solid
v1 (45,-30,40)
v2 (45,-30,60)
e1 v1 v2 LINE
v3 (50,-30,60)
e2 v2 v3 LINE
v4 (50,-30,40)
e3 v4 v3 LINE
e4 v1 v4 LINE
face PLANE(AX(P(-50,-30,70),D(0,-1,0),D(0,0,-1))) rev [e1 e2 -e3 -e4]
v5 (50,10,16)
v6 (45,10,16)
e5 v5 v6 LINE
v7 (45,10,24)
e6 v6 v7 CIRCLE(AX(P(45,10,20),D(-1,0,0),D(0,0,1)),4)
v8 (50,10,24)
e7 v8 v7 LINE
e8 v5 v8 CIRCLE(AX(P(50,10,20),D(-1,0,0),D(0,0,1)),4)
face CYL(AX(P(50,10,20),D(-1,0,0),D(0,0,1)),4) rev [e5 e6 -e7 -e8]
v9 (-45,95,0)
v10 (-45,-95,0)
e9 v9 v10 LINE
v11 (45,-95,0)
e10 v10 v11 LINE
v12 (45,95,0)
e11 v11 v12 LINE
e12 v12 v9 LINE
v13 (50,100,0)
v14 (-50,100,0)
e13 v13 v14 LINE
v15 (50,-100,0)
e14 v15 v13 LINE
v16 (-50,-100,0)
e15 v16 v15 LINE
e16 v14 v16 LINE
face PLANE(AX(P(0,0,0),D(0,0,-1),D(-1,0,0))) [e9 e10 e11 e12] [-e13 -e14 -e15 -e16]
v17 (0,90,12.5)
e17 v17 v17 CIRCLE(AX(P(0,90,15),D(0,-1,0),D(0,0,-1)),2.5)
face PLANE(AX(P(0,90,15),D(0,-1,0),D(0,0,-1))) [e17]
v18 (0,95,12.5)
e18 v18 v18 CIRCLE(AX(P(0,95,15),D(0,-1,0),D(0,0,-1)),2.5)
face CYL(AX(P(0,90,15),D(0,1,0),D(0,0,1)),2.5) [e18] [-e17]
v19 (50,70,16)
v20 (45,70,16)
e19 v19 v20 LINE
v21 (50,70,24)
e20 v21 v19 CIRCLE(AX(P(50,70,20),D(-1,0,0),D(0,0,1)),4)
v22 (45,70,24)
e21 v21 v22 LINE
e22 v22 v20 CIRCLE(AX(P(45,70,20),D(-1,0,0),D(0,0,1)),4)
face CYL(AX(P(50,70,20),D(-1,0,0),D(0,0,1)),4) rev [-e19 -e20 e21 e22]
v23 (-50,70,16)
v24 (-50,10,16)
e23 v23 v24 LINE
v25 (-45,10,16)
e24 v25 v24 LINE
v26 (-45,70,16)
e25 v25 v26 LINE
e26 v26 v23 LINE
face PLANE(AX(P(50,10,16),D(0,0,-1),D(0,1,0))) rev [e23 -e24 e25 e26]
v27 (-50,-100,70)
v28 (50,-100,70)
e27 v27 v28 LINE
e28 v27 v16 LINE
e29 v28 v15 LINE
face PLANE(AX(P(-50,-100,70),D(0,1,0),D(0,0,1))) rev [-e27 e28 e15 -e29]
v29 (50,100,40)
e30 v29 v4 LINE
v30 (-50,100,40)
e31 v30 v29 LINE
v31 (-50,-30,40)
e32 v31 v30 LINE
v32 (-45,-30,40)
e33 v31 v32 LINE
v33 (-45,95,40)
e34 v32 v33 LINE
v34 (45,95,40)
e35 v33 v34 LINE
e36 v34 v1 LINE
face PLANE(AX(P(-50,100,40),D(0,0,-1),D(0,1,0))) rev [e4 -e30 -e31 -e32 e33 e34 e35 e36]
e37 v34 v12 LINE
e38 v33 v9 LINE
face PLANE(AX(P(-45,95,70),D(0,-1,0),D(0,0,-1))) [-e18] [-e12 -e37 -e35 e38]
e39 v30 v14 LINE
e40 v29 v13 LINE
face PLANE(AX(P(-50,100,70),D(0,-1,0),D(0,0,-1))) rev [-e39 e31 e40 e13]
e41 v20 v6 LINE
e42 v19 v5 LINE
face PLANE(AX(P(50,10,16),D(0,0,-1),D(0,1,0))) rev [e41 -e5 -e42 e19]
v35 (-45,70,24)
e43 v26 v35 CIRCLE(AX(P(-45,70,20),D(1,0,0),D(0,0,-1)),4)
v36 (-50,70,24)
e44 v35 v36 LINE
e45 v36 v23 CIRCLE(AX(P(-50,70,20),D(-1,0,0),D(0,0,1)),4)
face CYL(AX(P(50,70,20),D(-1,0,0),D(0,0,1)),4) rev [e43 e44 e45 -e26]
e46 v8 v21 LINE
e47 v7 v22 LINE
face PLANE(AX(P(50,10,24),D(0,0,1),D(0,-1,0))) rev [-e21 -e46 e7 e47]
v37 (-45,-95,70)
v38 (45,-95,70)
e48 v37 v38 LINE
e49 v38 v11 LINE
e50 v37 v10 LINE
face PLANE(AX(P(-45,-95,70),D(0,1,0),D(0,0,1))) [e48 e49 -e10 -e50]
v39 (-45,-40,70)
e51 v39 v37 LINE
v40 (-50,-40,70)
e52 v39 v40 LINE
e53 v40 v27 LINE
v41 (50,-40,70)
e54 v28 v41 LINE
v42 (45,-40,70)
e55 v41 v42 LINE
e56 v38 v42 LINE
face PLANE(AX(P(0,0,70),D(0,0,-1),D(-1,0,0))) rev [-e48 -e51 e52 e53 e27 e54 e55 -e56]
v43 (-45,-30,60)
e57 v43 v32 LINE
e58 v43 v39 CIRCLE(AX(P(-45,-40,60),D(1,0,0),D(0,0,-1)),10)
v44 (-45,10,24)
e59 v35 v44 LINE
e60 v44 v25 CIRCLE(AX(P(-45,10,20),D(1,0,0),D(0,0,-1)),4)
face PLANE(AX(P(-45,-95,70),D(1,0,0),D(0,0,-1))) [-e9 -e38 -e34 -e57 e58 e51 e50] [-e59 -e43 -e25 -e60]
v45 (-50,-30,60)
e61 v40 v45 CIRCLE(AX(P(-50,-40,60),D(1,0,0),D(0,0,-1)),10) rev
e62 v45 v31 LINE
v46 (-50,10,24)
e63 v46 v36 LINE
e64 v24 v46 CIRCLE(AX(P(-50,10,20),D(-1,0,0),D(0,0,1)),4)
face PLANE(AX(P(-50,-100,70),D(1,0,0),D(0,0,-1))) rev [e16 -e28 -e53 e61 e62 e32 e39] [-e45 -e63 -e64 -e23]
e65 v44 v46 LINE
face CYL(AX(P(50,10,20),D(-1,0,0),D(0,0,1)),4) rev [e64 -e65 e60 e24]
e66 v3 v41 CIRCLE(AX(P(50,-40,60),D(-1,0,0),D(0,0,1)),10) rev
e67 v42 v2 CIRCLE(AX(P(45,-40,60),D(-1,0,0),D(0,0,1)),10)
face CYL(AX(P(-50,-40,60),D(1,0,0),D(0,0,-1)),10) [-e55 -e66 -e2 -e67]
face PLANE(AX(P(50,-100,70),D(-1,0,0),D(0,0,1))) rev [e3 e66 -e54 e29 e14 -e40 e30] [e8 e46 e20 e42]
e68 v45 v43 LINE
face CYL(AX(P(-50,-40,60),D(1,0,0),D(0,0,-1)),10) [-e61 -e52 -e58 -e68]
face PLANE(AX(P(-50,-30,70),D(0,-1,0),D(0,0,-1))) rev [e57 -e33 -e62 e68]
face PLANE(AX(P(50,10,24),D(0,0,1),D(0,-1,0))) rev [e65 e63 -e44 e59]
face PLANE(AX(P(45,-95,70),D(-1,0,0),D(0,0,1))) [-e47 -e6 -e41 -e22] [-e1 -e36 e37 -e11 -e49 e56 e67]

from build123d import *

# Parameters (mm, degrees)
SKETCH1_W               = 100
SKETCH1_H               = 200
SKETCH1_W_2             = 90
SKETCH1_H_2             = 190
BOSS_EXTRUDE1_DEPTH     = 70
SKETCH2_W               = 30
SKETCH2_H               = 130
CUT_EXTRUDE1_DEPTH      = 1
CUT_EXTRUDE1_DEPTH_BACK = 101
FILLET1_R               = 10
SKETCH3_R               = 2.5
BOSS_EXTRUDE2_DEPTH     = 5
CUT_EXTRUDE2_DEPTH      = 1
CUT_EXTRUDE2_DEPTH_BACK = 101


with BuildPart() as part:
    # Sketch1 → Boss-Extrude1 (new body)
    with BuildSketch(Plane.XY):
        Rectangle(SKETCH1_W, SKETCH1_H)
        Rectangle(SKETCH1_W_2, SKETCH1_H_2, mode=Mode.SUBTRACT)
    extrude(amount=BOSS_EXTRUDE1_DEPTH)

    # Sketch2 → Cut-Extrude1 (cut, two sides)
    with BuildSketch(Plane(origin=(50, 0, 0), x_dir=(0, 0, -1), z_dir=(1, 0, 0))) as cut_extrude1_sk:
        with Locations((-55, 35)):
            Rectangle(SKETCH2_W, SKETCH2_H)
    extrude(amount=CUT_EXTRUDE1_DEPTH, mode=Mode.SUBTRACT)
    extrude(cut_extrude1_sk.sketch, amount=-CUT_EXTRUDE1_DEPTH_BACK, mode=Mode.SUBTRACT)

    # Fillet1
    fillet1_edges = [part.edges().sort_by_distance(p)[0] for p in [
        (47.5, -30, 70),
        (-47.5, -30, 70),
    ]]
    fillet(fillet1_edges, radius=FILLET1_R)

    # Sketch3 → Boss-Extrude2 (add)
    with BuildSketch(Plane.XZ.offset(-95)):
        with Locations((0, 15)):
            Circle(SKETCH3_R)
    extrude(amount=BOSS_EXTRUDE2_DEPTH)

    # Sketch4 → Cut-Extrude2 (cut, two sides)
    with BuildSketch(Plane.ZY.offset(50)) as cut_extrude2_sk:
        with BuildLine():
            Line((16, 10), (16, 70))
            ThreePointArc((16, 70), (20, 74), (24, 70))
            Line((24, 70), (24, 10))
            ThreePointArc((24, 10), (20, 6), (16, 10))
        make_face()
    extrude(amount=CUT_EXTRUDE2_DEPTH, mode=Mode.SUBTRACT)
    extrude(cut_extrude2_sk.sketch, amount=-CUT_EXTRUDE2_DEPTH_BACK, mode=Mode.SUBTRACT)


solid = part.part
